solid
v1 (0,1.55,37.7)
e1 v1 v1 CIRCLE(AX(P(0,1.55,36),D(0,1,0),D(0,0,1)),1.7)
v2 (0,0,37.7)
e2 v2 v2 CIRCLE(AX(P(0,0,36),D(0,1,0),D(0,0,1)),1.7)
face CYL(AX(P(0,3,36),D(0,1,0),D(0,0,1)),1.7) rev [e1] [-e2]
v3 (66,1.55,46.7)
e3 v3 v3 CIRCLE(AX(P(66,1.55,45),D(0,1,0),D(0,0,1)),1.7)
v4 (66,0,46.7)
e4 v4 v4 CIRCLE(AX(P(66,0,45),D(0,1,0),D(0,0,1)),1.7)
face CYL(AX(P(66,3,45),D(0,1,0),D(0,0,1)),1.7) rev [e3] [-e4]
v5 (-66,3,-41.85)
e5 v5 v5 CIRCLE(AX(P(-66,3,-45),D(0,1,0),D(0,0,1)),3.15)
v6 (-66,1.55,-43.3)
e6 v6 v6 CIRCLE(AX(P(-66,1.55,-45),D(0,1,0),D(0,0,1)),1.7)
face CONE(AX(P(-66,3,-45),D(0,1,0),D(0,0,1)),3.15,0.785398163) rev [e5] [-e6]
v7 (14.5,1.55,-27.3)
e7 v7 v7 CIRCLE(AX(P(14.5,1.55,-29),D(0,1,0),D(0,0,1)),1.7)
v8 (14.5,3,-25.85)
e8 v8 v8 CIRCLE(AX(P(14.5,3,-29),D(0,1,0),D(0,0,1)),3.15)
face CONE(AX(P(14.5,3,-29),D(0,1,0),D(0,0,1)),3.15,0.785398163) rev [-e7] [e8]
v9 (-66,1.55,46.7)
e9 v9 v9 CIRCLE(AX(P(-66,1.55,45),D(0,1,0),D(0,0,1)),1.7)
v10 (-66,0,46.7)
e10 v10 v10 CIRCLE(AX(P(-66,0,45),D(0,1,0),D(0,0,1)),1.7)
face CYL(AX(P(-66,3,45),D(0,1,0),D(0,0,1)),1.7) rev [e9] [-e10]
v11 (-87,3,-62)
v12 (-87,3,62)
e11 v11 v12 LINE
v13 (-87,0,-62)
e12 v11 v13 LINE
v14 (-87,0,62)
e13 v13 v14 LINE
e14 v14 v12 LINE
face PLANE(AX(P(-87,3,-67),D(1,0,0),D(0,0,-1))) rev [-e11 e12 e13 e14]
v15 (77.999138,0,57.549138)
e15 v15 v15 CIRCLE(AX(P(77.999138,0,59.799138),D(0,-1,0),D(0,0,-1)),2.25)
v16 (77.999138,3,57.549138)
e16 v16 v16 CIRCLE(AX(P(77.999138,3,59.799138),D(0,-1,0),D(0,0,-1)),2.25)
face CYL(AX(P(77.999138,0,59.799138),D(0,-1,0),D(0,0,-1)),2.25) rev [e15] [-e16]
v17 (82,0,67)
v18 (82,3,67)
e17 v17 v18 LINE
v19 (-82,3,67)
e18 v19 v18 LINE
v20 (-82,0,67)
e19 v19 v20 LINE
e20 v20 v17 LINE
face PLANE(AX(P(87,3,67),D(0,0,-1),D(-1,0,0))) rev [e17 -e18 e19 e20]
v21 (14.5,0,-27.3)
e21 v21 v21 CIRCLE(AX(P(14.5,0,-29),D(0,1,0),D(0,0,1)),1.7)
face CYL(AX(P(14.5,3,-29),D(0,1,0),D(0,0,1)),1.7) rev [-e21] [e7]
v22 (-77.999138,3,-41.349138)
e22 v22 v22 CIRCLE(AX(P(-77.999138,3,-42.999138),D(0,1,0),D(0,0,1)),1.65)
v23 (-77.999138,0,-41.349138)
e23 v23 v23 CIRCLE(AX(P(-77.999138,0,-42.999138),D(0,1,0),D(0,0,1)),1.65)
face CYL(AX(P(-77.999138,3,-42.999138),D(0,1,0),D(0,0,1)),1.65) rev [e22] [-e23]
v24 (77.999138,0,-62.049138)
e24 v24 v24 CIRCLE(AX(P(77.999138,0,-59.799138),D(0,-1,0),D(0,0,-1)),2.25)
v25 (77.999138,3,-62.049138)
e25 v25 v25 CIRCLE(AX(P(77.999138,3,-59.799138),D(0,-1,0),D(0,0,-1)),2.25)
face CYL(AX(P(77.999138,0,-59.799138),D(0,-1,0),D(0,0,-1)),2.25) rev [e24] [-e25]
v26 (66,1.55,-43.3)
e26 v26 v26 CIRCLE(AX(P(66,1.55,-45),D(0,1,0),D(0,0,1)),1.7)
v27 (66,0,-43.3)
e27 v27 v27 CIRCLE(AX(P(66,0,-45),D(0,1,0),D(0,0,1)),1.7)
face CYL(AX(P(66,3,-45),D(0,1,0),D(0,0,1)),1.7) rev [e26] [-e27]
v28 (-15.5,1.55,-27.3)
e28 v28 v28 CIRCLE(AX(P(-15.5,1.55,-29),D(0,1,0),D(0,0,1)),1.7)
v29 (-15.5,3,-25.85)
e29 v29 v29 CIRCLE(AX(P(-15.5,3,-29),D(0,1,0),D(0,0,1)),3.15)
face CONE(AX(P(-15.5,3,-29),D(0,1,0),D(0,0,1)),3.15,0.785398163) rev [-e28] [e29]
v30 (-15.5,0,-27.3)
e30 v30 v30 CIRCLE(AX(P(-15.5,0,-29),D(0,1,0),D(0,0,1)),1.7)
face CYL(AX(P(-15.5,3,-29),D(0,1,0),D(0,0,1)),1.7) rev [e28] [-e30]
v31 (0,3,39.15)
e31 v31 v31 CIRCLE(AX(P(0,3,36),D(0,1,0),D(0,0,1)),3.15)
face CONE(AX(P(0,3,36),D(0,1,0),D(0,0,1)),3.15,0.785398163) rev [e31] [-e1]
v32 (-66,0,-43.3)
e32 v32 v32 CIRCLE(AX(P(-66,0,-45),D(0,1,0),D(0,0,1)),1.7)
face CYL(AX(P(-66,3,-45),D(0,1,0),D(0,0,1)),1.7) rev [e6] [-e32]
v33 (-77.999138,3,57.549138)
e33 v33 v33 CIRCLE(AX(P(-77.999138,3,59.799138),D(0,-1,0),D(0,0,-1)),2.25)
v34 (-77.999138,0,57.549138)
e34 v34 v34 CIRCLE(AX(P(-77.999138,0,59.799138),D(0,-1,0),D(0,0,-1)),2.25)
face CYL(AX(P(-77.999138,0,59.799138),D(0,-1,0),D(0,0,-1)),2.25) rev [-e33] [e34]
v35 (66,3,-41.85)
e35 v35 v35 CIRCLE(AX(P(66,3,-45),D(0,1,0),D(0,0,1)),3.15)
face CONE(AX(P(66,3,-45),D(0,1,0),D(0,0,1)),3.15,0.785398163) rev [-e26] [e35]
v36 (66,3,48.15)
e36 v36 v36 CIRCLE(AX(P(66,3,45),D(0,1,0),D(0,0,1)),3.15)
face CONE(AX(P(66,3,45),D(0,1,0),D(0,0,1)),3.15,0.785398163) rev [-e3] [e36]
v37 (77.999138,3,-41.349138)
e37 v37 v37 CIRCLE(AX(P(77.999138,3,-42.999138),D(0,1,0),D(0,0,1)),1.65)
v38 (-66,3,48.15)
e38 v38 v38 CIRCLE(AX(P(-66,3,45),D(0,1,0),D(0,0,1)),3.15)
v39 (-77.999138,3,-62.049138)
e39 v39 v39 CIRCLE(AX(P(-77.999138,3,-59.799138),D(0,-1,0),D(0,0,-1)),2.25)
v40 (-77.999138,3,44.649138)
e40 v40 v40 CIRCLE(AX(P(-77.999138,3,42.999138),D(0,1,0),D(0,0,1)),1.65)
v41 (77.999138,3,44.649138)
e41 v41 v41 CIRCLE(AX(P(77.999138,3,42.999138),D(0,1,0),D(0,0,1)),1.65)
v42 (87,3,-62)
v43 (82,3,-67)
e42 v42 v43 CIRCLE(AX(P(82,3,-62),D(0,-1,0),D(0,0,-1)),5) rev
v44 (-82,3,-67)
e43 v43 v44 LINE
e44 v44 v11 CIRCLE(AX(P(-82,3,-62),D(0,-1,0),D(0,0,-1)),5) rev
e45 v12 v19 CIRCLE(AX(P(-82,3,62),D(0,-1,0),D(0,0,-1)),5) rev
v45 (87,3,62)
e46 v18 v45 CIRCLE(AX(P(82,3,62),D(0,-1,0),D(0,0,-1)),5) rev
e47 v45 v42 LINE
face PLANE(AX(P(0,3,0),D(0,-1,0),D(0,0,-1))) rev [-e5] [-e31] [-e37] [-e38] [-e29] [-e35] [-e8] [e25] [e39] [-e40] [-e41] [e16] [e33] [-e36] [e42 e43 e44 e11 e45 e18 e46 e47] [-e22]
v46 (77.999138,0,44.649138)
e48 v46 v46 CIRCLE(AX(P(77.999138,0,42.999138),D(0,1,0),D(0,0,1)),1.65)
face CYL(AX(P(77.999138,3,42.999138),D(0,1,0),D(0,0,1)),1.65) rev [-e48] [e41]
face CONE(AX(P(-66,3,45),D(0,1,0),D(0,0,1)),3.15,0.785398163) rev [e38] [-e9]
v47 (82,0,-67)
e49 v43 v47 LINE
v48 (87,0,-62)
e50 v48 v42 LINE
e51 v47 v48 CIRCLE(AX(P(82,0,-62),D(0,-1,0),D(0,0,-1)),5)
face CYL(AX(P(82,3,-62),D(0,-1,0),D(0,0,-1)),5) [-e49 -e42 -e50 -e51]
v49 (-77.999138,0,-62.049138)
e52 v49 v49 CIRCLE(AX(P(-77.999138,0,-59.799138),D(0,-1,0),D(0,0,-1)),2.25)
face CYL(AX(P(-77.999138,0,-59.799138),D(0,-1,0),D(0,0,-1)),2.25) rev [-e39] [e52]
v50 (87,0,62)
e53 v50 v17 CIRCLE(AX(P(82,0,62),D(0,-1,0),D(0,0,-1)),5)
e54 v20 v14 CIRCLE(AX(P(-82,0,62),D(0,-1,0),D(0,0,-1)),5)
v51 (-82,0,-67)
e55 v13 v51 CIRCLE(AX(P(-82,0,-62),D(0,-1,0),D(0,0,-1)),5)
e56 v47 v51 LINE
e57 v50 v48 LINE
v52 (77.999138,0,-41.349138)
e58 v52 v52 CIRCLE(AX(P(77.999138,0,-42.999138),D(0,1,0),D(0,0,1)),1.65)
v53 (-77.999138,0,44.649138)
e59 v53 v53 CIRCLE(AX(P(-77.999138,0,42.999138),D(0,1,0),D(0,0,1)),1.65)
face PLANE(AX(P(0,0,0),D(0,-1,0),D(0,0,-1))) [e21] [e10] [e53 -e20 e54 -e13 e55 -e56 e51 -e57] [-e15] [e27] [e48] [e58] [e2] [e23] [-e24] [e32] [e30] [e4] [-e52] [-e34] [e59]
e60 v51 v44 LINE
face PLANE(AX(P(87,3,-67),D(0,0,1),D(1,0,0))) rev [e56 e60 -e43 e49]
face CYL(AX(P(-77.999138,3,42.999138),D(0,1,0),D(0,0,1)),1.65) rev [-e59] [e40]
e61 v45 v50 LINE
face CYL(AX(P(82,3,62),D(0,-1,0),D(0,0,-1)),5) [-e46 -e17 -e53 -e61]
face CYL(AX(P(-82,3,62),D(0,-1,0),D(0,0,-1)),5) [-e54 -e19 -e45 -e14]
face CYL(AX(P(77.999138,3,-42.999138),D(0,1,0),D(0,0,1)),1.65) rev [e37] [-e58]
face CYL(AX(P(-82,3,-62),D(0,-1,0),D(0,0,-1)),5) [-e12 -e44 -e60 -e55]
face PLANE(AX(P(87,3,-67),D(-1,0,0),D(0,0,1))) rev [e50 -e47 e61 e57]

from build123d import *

# Parameters (mm, degrees)
SKETCH1_W                                    = 174
SKETCH1_H                                    = 134
BOSS_EXTRUDE1_DEPTH                          = 3
ASSEM71_D                                    = 3.3
FILLET1_R                                    = 5
CSK_FOR_M3_COUNTERSUNK_FLAT_HEAD_SCR_2_COUNT = 2
CSK_FOR_M3_COUNTERSUNK_FLAT_HEAD_SCR_2_PITCH = 132
CSK_FOR_M3_COUNTERSUNK_FLAT_HEAD_SCR_3_COUNT = 2
CSK_FOR_M3_COUNTERSUNK_FLAT_HEAD_SCR_3_PITCH = 90
CSK_FOR_M3_COUNTERSUNK_FLAT_HEAD_SCR_4_COUNT = 2
CSK_FOR_M3_COUNTERSUNK_FLAT_HEAD_SCR_4_PITCH = 159.762323468
CSK_FOR_M3_COUNTERSUNK_FLAT_HEAD_SCR_5_COUNT = 2
CSK_FOR_M3_COUNTERSUNK_FLAT_HEAD_SCR_5_PITCH = 66.597672632
CSK_FOR_M3_COUNTERSUNK_FLAT_HEAD_SCR_6_COUNT = 2
CSK_FOR_M3_COUNTERSUNK_FLAT_HEAD_SCR_6_PITCH = 66.822526142
M4_CLEARANCE_HOLE1_D                         = 4.5


with BuildPart() as part:
    # Sketch1 → Boss-Extrude1 (new body)
    with BuildSketch(Plane(origin=(0, 0, 0), x_dir=(1, 0, 0), z_dir=(0, 1, 0))):
        Rectangle(SKETCH1_W, SKETCH1_H)
    extrude(amount=BOSS_EXTRUDE1_DEPTH)

    # Assem71 (through all)
    with Locations(Plane(origin=(0, 3, 0), x_dir=(1, 0, 0), z_dir=(0, 1, 0))):
        with Locations((-77.999137931, 42.999137931), (77.999137931, 42.999137931), (77.999137931, -42.999137931), (-77.999137931, -42.999137931), (-77.999137931, 59.799137931), (-77.999137931, -59.799137931), (77.999137931, 59.799137931), (77.999137931, -59.799137931)):
            Hole(ASSEM71_D / 2)

    # Fillet1
    fillet1_edges = [part.edges().sort_by_distance(p)[0] for p in [
        (-87, 1.5, -67),
        (87, 1.5, -67),
        (87, 1.5, 67),
        (-87, 1.5, 67),
    ]]
    fillet(fillet1_edges, radius=FILLET1_R)

    # Sketch6 → CSK for M3 Countersunk Flat Head Screw1 (revolve, cut)
    with BuildSketch(Plane(origin=(-66, 3, -45), x_dir=(0, 0, 1), z_dir=(1, 0, 0))):
        Polygon((0, 0), (0, 3), (1.7, 3), (1.7, 1.45), (3.15, 0), align=None)
    csk_for_m3_countersunk_flat_head_screw1 = revolve(axis=Axis((-66, 9.35, -45), (0, -1, 0)), mode=Mode.SUBTRACT)

    # CSK for M3 Countersunk Flat Head Scr 2: CSK for M3 Countersunk Flat Head Screw1 ×2
    with Locations(*[(i * CSK_FOR_M3_COUNTERSUNK_FLAT_HEAD_SCR_2_PITCH, 0, 0) for i in range(1, CSK_FOR_M3_COUNTERSUNK_FLAT_HEAD_SCR_2_COUNT)]):
        add(csk_for_m3_countersunk_flat_head_screw1, mode=Mode.SUBTRACT)

    # CSK for M3 Countersunk Flat Head Scr 3: CSK for M3 Countersunk Flat Head Screw1 ×2
    with Locations(*[(0, 0, i * CSK_FOR_M3_COUNTERSUNK_FLAT_HEAD_SCR_3_PITCH) for i in range(1, CSK_FOR_M3_COUNTERSUNK_FLAT_HEAD_SCR_3_COUNT)]):
        add(csk_for_m3_countersunk_flat_head_screw1, mode=Mode.SUBTRACT)

    # CSK for M3 Countersunk Flat Head Scr 4: CSK for M3 Countersunk Flat Head Screw1 ×2
    with Locations(*[Vector(0.826227343, 0, 0.563336825) * (i * CSK_FOR_M3_COUNTERSUNK_FLAT_HEAD_SCR_4_PITCH) for i in range(1, CSK_FOR_M3_COUNTERSUNK_FLAT_HEAD_SCR_4_COUNT)]):
        add(csk_for_m3_countersunk_flat_head_screw1, mode=Mode.SUBTRACT)

    # Sketch8 → CSK for M3 Countersunk Flat Head Screw2 (revolve, cut)
    with BuildSketch(Plane(origin=(0, 3, 36), x_dir=(0, 0, 1), z_dir=(1, 0, 0))):
        Polygon((0, 0), (0, 3), (1.7, 3), (1.7, 1.45), (3.15, 0), align=None)
    csk_for_m3_countersunk_flat_head_screw2 = revolve(axis=Axis((0, 9.35, 36), (0, -1, 0)), mode=Mode.SUBTRACT)

    # CSK for M3 Countersunk Flat Head Scr 5: CSK for M3 Countersunk Flat Head Screw2 ×2
    with Locations(*[Vector(0.217725326, 0, -0.976010083) * (i * CSK_FOR_M3_COUNTERSUNK_FLAT_HEAD_SCR_5_PITCH) for i in range(1, CSK_FOR_M3_COUNTERSUNK_FLAT_HEAD_SCR_5_COUNT)]):
        add(csk_for_m3_countersunk_flat_head_screw2, mode=Mode.SUBTRACT)

    # CSK for M3 Countersunk Flat Head Scr 6: CSK for M3 Countersunk Flat Head Screw2 ×2
    with Locations(*[Vector(-0.231957708, 0, -0.972725872) * (i * CSK_FOR_M3_COUNTERSUNK_FLAT_HEAD_SCR_6_PITCH) for i in range(1, CSK_FOR_M3_COUNTERSUNK_FLAT_HEAD_SCR_6_COUNT)]):
        add(csk_for_m3_countersunk_flat_head_screw2, mode=Mode.SUBTRACT)

    # M4 Clearance Hole1 (through all)
    with Locations(Plane.XZ):
        with Locations((-77.999137931, -59.799137931), (77.999137931, -59.799137931), (77.999137931, 59.799137931), (-77.999137931, 59.799137931)):
            Hole(M4_CLEARANCE_HOLE1_D / 2)


solid = part.part
